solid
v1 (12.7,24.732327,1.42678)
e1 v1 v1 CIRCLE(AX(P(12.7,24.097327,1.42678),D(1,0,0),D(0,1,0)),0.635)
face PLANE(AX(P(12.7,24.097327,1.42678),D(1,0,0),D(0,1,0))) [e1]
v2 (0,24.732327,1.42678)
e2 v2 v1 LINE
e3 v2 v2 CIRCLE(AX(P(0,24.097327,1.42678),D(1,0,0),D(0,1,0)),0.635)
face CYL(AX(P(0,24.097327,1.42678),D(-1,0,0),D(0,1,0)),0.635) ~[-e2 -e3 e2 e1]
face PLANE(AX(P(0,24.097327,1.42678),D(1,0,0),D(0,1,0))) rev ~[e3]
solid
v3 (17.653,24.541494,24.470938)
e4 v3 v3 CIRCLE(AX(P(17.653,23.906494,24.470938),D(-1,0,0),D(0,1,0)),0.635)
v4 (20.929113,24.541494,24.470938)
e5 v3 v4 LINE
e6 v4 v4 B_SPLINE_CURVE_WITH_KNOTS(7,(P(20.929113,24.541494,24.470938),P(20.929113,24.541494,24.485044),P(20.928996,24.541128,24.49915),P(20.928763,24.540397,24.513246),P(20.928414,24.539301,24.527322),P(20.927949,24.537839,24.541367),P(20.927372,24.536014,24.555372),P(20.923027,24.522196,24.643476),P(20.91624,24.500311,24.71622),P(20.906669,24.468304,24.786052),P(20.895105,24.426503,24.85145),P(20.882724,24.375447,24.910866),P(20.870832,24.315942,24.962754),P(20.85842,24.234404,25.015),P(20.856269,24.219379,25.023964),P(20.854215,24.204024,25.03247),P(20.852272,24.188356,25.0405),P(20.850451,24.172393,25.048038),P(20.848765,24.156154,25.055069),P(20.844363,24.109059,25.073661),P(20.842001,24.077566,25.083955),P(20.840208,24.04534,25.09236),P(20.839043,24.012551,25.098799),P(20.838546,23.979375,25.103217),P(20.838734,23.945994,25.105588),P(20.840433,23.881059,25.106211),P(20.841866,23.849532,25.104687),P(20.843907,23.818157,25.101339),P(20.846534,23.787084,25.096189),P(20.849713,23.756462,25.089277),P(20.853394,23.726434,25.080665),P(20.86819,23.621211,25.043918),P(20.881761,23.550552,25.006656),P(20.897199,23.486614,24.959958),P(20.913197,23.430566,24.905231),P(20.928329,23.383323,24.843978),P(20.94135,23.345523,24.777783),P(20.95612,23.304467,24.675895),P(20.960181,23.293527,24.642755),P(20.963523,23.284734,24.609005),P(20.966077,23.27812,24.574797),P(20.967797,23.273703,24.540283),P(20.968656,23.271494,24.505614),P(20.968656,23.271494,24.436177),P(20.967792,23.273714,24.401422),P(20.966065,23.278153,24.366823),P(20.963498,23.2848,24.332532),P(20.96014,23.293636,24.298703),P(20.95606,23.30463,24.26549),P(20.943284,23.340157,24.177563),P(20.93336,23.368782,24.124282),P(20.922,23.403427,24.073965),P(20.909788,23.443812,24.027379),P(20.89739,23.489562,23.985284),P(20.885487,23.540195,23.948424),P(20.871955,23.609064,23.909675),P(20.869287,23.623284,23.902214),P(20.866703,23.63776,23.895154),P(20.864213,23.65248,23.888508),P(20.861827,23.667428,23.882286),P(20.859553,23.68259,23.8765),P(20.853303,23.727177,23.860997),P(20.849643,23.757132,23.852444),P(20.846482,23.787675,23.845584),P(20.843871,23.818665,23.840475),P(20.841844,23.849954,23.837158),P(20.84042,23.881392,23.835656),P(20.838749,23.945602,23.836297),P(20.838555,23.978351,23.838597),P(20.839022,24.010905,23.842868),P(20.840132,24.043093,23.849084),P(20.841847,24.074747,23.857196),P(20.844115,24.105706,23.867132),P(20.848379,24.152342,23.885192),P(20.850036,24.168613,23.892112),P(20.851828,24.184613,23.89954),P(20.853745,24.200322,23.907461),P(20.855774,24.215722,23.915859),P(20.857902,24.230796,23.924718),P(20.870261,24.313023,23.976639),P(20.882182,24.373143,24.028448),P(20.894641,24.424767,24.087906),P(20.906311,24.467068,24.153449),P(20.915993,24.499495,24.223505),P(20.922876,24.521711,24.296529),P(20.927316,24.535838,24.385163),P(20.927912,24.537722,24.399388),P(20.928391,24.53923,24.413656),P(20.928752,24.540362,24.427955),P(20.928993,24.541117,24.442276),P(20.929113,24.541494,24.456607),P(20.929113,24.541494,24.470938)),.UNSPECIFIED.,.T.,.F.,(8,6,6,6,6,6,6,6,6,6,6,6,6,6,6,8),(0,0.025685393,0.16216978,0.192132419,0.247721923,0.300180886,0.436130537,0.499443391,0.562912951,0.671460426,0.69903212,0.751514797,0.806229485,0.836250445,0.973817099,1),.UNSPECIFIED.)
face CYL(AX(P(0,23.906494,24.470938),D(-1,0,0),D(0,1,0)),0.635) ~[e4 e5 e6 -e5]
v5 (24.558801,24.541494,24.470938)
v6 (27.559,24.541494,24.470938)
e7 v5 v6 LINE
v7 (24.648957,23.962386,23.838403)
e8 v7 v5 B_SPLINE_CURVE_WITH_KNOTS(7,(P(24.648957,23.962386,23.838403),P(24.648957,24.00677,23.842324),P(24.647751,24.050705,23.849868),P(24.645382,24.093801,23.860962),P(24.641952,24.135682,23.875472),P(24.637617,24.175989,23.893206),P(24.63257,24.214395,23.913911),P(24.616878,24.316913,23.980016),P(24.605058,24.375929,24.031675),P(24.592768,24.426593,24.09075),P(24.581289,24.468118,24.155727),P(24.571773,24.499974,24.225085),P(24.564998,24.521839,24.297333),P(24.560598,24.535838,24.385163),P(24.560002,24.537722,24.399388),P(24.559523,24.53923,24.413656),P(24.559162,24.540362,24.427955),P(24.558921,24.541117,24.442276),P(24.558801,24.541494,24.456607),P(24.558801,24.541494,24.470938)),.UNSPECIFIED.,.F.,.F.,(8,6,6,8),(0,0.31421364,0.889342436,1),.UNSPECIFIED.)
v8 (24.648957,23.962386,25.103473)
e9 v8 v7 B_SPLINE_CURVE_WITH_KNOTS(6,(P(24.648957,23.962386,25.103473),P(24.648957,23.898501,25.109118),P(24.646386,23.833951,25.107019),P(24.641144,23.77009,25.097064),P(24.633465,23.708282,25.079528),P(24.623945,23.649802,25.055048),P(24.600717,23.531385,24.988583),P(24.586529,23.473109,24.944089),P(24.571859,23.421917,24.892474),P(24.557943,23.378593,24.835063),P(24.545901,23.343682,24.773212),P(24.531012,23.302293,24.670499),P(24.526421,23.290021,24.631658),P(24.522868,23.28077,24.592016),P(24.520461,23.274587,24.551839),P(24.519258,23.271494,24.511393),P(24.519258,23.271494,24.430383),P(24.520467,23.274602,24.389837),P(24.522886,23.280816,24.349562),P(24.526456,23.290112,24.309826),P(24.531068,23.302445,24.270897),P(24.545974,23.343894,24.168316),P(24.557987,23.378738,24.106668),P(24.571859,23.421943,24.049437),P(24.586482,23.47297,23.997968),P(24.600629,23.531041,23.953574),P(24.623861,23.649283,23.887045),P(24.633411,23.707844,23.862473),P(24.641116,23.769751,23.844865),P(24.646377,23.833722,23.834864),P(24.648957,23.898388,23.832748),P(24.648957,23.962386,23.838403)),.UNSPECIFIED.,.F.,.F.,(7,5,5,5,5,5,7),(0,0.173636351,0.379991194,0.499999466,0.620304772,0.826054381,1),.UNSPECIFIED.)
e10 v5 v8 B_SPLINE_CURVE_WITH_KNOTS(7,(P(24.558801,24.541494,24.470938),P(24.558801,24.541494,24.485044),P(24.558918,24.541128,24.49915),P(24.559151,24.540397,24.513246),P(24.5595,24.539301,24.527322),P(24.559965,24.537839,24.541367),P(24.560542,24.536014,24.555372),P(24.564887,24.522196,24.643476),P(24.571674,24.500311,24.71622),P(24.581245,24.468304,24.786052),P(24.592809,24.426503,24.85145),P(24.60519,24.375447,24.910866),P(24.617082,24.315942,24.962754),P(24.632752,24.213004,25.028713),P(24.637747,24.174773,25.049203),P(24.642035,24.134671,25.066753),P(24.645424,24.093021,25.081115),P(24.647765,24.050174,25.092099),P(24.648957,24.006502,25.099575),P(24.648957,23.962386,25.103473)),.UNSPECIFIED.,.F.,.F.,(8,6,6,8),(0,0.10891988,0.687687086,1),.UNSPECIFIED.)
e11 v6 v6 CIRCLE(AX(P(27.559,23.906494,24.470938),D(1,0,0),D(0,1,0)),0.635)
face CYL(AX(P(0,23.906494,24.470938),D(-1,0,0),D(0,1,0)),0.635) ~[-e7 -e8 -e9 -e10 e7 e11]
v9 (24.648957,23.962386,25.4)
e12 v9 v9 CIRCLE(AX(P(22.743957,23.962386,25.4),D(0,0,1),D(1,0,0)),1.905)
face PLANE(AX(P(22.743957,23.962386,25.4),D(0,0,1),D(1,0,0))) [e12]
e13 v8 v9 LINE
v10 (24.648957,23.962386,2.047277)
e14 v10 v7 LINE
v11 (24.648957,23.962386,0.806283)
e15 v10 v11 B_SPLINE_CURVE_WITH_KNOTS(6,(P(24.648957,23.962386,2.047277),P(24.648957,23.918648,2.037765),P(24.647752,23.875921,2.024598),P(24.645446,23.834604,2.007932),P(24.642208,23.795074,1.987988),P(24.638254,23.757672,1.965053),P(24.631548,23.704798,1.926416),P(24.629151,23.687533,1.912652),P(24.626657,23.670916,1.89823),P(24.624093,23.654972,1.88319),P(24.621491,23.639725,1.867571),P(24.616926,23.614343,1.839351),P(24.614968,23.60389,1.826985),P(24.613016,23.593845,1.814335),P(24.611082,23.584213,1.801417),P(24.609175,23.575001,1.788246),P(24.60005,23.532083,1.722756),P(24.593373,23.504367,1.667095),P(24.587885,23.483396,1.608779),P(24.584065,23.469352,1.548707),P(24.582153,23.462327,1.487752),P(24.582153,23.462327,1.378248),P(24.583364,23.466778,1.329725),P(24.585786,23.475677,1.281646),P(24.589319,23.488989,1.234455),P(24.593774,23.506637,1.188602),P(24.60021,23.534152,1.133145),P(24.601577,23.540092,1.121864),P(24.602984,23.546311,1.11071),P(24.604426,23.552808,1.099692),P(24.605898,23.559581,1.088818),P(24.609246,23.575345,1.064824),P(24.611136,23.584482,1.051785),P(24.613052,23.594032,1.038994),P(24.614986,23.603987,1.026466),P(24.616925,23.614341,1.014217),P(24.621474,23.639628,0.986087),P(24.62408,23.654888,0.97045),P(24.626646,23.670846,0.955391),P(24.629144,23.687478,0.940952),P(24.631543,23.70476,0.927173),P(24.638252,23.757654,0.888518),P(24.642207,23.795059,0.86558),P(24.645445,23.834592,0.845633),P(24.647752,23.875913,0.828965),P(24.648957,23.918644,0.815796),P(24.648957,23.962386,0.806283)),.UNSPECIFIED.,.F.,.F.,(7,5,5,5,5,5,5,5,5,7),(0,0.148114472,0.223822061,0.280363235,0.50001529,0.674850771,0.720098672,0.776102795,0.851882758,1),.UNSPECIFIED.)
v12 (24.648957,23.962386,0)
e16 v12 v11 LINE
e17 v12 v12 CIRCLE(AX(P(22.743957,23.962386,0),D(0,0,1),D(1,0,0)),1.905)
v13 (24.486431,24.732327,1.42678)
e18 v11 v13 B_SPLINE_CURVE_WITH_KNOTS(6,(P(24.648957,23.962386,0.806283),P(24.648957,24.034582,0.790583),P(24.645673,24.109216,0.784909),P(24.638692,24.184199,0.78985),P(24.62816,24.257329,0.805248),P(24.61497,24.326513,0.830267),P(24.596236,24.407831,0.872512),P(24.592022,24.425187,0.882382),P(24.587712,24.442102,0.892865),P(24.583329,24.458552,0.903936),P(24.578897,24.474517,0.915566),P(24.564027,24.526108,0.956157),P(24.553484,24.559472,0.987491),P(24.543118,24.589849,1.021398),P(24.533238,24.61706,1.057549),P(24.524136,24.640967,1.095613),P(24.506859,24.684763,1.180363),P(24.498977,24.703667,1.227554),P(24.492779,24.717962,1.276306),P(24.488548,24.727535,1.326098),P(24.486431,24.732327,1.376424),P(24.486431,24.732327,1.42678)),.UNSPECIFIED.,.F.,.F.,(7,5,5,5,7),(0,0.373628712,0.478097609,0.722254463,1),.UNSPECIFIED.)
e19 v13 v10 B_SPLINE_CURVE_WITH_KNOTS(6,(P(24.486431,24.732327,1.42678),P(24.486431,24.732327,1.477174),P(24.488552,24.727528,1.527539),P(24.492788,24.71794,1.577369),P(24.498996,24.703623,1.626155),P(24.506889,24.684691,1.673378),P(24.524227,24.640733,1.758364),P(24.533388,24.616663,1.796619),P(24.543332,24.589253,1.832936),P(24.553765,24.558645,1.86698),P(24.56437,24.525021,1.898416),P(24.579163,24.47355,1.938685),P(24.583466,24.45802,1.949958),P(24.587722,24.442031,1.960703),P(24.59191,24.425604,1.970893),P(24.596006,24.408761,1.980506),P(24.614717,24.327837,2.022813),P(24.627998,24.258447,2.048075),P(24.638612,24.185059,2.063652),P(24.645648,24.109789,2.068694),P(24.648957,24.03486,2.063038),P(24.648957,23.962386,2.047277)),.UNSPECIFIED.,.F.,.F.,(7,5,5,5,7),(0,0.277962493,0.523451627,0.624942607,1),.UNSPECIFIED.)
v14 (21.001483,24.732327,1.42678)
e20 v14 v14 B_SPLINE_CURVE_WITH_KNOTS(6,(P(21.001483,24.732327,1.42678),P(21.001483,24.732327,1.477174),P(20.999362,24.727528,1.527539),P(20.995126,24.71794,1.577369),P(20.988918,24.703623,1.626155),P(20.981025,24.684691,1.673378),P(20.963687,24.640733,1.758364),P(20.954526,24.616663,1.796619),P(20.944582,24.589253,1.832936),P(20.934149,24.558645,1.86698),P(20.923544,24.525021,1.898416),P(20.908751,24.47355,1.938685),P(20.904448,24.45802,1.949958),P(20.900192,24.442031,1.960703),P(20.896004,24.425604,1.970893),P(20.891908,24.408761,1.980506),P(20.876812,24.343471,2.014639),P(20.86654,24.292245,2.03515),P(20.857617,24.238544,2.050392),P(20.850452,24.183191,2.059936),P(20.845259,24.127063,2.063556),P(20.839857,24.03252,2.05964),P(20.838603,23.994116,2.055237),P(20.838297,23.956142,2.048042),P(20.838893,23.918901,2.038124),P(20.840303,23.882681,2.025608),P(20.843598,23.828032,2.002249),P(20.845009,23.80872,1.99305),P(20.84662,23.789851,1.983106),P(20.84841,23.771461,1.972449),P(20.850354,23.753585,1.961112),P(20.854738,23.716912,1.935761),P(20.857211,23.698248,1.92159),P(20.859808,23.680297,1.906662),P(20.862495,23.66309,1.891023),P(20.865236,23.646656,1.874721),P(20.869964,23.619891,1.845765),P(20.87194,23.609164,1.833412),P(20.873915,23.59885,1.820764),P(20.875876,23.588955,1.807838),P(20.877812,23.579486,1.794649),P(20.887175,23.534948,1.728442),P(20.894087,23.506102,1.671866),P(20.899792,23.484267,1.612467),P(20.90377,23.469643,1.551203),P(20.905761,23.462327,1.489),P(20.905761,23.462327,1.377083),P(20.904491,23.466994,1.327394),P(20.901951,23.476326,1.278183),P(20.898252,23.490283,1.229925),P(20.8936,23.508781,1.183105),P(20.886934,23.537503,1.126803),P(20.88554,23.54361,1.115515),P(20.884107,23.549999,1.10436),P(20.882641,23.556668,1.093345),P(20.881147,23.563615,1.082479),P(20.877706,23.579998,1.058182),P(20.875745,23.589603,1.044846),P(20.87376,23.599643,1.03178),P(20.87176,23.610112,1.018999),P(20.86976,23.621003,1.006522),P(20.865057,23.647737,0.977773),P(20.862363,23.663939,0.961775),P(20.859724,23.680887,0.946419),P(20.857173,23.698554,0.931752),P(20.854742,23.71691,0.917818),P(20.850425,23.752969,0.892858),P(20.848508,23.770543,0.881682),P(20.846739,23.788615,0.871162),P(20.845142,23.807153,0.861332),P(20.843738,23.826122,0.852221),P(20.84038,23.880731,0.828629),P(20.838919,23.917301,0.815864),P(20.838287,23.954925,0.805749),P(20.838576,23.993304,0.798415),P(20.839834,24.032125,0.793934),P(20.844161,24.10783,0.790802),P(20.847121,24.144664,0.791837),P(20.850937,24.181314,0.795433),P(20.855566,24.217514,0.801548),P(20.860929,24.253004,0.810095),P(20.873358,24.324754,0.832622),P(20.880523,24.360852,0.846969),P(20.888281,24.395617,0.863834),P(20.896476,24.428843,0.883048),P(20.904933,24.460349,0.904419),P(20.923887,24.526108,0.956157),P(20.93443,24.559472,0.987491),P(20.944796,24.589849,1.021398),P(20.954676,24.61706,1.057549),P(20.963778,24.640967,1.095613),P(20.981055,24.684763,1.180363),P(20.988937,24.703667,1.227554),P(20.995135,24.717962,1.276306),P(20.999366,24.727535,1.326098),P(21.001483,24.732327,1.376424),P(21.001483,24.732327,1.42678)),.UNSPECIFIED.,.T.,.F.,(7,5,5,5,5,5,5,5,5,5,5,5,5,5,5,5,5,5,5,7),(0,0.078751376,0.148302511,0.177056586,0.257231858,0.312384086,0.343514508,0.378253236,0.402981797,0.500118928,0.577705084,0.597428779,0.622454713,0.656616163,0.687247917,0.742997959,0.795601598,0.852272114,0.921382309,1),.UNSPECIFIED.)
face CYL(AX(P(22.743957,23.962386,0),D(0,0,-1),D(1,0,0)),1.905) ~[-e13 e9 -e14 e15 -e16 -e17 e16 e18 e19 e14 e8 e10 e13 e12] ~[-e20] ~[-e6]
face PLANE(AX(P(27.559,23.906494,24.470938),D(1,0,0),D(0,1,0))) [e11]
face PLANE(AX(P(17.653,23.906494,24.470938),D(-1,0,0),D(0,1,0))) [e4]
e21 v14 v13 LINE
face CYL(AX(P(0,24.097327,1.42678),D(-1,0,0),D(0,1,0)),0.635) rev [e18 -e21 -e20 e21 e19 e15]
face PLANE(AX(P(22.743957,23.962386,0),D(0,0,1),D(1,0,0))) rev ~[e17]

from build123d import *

# Parameters (mm, degrees)
F0_R      = 1.905
F1_DEPTH  = 25.4
F2_R      = 0.635
F3_DEPTH  = 27.559
F3_FACE_R = 0.635
F4_DEPTH  = 17.653
F5_R      = 0.635
F6_DEPTH  = 46.228
F7_DEPTH  = 12.7


with BuildPart() as f1:
    # F0 (on Top) → F1 (new body)
    with BuildSketch(Plane.XY):
        with Locations((22.743957, 23.962386)):
            Circle(F0_R)
    extrude(amount=F1_DEPTH)

    # F2 (on Right) → F3 (join)
    with BuildSketch(Plane.YZ):
        with Locations((23.906494, 24.470938)):
            Circle(F2_R)
    extrude(amount=F3_DEPTH)

    # F3_face (on face) → F4 (cut)
    with BuildSketch(Plane(origin=(0, 23.906494, 24.470938), x_dir=(0, 1, 0), z_dir=(-1, 0, 0))):
        Circle(F3_FACE_R)
    extrude(amount=-F4_DEPTH, mode=Mode.SUBTRACT)

    # F5 (on Right) → F6 (cut)
    with BuildSketch(Plane.YZ):
        with Locations((24.097327, 1.42678)):
            Circle(F5_R)
    extrude(amount=F6_DEPTH, mode=Mode.SUBTRACT)


with BuildPart() as f7:
    # F5 (on Right) → F7 (new body)
    with BuildSketch(Plane.YZ):
        with Locations((24.097327, 1.42678)):
            Circle(F5_R)
    extrude(amount=F7_DEPTH)


solid = Compound([f1.part, f7.part])
